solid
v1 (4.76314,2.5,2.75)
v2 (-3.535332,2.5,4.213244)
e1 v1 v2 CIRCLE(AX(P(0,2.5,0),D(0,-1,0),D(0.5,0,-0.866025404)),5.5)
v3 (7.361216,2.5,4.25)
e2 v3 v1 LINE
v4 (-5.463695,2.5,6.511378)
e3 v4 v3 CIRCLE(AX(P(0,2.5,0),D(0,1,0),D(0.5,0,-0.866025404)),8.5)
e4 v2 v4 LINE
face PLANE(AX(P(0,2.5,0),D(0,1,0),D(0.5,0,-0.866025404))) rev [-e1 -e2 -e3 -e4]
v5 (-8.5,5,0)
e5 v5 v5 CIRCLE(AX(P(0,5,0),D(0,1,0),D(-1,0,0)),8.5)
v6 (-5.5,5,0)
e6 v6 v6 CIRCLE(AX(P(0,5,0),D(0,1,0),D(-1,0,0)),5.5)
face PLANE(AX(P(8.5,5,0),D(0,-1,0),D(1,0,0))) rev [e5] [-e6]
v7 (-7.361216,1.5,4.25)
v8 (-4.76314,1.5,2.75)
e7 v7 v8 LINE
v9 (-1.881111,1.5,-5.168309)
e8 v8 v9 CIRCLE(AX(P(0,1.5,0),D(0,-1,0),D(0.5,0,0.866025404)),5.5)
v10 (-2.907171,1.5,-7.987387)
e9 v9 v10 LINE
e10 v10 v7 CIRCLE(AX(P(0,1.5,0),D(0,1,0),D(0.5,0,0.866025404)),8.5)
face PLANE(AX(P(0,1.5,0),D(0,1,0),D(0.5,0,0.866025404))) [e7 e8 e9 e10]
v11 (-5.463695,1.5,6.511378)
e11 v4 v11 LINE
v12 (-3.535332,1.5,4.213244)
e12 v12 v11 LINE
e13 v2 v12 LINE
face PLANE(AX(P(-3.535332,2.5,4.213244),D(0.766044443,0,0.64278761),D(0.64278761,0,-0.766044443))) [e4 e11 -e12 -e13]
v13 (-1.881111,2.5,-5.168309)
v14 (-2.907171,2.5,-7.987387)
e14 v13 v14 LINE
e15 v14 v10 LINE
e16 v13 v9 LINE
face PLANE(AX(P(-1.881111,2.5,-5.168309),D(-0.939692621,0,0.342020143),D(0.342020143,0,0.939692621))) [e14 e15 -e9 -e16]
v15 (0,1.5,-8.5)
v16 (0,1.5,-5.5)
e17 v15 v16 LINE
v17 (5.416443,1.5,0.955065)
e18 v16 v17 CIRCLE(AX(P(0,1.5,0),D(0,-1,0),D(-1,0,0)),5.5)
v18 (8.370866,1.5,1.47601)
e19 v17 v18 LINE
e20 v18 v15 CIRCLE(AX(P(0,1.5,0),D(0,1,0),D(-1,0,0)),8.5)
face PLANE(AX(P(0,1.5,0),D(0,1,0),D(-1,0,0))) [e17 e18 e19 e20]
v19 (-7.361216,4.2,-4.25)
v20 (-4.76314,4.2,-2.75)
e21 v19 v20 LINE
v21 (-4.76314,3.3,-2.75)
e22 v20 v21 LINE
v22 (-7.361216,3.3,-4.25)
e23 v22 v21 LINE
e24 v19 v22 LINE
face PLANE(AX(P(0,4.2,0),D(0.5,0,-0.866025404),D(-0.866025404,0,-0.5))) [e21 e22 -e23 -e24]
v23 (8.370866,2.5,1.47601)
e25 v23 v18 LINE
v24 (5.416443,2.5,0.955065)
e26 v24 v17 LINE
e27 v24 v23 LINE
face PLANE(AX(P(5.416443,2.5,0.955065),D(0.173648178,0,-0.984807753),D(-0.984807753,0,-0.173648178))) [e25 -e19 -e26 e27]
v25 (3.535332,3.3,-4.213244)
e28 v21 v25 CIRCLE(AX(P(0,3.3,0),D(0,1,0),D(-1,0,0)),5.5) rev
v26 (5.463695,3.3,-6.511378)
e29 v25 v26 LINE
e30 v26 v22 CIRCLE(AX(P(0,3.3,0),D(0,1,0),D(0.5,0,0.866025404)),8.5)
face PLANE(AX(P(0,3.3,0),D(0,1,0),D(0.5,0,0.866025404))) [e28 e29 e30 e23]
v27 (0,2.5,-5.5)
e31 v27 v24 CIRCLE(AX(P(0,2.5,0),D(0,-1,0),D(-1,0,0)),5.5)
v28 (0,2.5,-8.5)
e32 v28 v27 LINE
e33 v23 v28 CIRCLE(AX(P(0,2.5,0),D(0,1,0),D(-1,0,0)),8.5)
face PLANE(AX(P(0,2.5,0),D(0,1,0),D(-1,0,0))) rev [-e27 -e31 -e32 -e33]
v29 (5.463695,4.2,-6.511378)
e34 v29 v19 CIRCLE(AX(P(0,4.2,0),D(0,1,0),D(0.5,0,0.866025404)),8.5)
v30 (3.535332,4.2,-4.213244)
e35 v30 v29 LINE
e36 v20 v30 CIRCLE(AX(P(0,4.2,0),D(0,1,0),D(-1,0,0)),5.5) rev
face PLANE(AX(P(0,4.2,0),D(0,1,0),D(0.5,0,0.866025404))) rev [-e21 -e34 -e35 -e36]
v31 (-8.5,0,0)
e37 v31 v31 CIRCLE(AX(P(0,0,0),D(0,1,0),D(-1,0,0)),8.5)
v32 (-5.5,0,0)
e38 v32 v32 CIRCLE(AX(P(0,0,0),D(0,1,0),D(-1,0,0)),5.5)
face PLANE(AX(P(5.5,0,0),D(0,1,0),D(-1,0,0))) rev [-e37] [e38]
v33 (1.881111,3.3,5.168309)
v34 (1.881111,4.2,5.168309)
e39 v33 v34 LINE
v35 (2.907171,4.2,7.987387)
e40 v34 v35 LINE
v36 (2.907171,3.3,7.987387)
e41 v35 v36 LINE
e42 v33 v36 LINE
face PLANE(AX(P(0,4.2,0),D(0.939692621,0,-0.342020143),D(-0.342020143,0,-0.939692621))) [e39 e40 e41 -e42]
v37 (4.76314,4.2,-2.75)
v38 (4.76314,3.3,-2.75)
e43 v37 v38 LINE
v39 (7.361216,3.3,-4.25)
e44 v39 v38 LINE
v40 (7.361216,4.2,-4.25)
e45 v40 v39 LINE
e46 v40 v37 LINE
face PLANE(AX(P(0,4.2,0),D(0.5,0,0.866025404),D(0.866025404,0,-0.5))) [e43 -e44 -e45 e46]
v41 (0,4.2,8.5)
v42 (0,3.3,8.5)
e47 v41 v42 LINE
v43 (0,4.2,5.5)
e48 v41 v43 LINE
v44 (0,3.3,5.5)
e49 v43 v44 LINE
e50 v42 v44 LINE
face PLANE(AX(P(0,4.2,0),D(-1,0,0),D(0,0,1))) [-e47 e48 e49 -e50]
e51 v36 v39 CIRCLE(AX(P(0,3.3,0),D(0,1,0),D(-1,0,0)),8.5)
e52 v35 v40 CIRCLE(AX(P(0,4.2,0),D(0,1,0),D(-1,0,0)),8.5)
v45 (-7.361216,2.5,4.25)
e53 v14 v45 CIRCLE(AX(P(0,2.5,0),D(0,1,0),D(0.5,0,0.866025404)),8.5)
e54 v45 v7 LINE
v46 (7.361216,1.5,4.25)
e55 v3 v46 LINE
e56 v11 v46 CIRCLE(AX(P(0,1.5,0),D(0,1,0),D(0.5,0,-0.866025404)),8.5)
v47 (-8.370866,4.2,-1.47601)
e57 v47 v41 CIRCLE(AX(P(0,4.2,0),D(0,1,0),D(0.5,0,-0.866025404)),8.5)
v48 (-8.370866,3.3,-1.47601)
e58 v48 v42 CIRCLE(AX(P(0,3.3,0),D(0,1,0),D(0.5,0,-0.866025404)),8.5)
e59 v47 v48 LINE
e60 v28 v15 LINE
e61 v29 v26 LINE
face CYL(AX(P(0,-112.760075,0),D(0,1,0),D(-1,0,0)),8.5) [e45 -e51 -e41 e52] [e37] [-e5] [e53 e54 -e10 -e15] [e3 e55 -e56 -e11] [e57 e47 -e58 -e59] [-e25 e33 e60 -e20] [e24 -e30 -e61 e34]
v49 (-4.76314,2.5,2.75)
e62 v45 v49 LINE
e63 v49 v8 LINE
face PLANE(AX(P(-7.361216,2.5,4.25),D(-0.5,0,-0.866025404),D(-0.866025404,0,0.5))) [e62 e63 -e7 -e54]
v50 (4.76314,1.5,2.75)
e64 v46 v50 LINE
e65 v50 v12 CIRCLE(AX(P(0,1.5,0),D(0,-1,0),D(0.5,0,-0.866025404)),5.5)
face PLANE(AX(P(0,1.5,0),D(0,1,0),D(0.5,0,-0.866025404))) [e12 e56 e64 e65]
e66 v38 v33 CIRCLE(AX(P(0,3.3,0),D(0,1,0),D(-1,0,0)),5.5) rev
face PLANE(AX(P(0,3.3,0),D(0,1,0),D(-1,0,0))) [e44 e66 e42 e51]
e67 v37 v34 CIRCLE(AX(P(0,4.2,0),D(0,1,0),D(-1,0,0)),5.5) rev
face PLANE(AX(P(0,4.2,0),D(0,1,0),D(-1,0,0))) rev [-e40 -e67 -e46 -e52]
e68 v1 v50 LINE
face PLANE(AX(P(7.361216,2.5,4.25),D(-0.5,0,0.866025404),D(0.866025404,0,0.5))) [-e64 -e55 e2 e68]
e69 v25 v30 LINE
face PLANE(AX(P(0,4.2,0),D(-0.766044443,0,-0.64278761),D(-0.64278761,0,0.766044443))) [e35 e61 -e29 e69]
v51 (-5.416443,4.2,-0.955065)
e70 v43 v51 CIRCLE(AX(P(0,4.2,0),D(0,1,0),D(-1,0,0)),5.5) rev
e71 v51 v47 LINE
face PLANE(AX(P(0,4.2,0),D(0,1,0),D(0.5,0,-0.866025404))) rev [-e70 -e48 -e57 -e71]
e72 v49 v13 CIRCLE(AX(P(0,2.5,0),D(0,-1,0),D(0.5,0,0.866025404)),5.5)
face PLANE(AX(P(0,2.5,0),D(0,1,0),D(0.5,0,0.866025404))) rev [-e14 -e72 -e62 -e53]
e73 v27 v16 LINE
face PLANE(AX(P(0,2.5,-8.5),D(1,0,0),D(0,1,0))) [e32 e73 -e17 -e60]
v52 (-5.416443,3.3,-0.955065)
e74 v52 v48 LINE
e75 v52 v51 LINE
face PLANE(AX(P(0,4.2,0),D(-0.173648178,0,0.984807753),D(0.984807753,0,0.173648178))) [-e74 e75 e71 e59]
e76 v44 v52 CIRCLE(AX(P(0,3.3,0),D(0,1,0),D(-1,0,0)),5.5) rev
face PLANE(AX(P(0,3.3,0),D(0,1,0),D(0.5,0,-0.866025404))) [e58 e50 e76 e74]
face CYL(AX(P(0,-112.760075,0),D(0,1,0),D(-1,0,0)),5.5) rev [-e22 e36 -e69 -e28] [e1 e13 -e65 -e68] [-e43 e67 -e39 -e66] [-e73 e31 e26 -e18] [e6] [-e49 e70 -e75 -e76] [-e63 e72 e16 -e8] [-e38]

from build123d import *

# Parameters (mm, degrees)
ESBO_O9_W             = 3
ESBO_O9_H             = 5
CORTE_EXTRUS_O1_DEPTH = 1
PADR_OCIRCULAR2_COUNT = 3
CORTE_EXTRUS_O3_START = 0.9
CORTE_EXTRUS_O3_DEPTH = 0.9
PADR_OCIRCULAR4_COUNT = 3


with BuildPart() as part:
    # Esboço9 → Revolução1 (revolve)
    with BuildSketch(Plane.XY, mode=Mode.PRIVATE) as revolu_o1_sk:
        with Locations((7, 2.5)):
            Rectangle(ESBO_O9_W, ESBO_O9_H)
    revolve(revolu_o1_sk.sketch.rotate(Axis((0, -112.760074913, 0), (0, 1, 0)), 180), axis=Axis((0, -112.760074913, 0), (0, 1, 0)))

    # Esboço12 → Corte-extrusão1 (cut)
    with BuildSketch(Plane(origin=(0, 1.5, 0), x_dir=(1, 0, 0), z_dir=(0, 1, 0))):
        with BuildLine():
            Line((0, 8.5), (0, 5.5))
            ThreePointArc((0, 5.5), (4.213244437, 3.535331853), (5.416442642, -0.955064977))
            Line((5.416442642, -0.955064977), (8.370865901, -1.47600951))
            ThreePointArc((8.370865901, -1.47600951), (6.511377767, 5.463694682), (0, 8.5))
        make_face()
    corte_extrus_o1 = extrude(amount=CORTE_EXTRUS_O1_DEPTH, mode=Mode.SUBTRACT)

    # PadrãoCircular2: Corte-extrusão1 ×3 about axis
    padr_ocircular2_axis = Axis((0, 0, 0), (0, 1, 0))
    for i in range(1, PADR_OCIRCULAR2_COUNT):
        add(corte_extrus_o1.rotate(padr_ocircular2_axis, i * 360 / PADR_OCIRCULAR2_COUNT), mode=Mode.SUBTRACT)

    # Esboço13 → Corte-extrusão3 (cut)
    with BuildSketch(Plane(origin=(0, 3.3, 0), x_dir=(1, 0, 0), z_dir=(0, 1, 0)).offset(CORTE_EXTRUS_O3_START)):
        with BuildLine():
            Line((0, 0), (7.361215932, 4.25))
            ThreePointArc((7.361215932, 4.25), (7.987387277, -2.907171218), (2.907171218, -7.987387277))
            Line((2.907171218, -7.987387277), (0, 0))
        make_face()
    corte_extrus_o3 = extrude(amount=-CORTE_EXTRUS_O3_DEPTH, mode=Mode.SUBTRACT)

    # PadrãoCircular4: Corte-extrusão3 ×3 about axis
    padr_ocircular4_axis = Axis((0, 0, 0), (0, 1, 0))
    for i in range(1, PADR_OCIRCULAR4_COUNT):
        add(corte_extrus_o3.rotate(padr_ocircular4_axis, i * 360 / PADR_OCIRCULAR4_COUNT), mode=Mode.SUBTRACT)


solid = part.part
